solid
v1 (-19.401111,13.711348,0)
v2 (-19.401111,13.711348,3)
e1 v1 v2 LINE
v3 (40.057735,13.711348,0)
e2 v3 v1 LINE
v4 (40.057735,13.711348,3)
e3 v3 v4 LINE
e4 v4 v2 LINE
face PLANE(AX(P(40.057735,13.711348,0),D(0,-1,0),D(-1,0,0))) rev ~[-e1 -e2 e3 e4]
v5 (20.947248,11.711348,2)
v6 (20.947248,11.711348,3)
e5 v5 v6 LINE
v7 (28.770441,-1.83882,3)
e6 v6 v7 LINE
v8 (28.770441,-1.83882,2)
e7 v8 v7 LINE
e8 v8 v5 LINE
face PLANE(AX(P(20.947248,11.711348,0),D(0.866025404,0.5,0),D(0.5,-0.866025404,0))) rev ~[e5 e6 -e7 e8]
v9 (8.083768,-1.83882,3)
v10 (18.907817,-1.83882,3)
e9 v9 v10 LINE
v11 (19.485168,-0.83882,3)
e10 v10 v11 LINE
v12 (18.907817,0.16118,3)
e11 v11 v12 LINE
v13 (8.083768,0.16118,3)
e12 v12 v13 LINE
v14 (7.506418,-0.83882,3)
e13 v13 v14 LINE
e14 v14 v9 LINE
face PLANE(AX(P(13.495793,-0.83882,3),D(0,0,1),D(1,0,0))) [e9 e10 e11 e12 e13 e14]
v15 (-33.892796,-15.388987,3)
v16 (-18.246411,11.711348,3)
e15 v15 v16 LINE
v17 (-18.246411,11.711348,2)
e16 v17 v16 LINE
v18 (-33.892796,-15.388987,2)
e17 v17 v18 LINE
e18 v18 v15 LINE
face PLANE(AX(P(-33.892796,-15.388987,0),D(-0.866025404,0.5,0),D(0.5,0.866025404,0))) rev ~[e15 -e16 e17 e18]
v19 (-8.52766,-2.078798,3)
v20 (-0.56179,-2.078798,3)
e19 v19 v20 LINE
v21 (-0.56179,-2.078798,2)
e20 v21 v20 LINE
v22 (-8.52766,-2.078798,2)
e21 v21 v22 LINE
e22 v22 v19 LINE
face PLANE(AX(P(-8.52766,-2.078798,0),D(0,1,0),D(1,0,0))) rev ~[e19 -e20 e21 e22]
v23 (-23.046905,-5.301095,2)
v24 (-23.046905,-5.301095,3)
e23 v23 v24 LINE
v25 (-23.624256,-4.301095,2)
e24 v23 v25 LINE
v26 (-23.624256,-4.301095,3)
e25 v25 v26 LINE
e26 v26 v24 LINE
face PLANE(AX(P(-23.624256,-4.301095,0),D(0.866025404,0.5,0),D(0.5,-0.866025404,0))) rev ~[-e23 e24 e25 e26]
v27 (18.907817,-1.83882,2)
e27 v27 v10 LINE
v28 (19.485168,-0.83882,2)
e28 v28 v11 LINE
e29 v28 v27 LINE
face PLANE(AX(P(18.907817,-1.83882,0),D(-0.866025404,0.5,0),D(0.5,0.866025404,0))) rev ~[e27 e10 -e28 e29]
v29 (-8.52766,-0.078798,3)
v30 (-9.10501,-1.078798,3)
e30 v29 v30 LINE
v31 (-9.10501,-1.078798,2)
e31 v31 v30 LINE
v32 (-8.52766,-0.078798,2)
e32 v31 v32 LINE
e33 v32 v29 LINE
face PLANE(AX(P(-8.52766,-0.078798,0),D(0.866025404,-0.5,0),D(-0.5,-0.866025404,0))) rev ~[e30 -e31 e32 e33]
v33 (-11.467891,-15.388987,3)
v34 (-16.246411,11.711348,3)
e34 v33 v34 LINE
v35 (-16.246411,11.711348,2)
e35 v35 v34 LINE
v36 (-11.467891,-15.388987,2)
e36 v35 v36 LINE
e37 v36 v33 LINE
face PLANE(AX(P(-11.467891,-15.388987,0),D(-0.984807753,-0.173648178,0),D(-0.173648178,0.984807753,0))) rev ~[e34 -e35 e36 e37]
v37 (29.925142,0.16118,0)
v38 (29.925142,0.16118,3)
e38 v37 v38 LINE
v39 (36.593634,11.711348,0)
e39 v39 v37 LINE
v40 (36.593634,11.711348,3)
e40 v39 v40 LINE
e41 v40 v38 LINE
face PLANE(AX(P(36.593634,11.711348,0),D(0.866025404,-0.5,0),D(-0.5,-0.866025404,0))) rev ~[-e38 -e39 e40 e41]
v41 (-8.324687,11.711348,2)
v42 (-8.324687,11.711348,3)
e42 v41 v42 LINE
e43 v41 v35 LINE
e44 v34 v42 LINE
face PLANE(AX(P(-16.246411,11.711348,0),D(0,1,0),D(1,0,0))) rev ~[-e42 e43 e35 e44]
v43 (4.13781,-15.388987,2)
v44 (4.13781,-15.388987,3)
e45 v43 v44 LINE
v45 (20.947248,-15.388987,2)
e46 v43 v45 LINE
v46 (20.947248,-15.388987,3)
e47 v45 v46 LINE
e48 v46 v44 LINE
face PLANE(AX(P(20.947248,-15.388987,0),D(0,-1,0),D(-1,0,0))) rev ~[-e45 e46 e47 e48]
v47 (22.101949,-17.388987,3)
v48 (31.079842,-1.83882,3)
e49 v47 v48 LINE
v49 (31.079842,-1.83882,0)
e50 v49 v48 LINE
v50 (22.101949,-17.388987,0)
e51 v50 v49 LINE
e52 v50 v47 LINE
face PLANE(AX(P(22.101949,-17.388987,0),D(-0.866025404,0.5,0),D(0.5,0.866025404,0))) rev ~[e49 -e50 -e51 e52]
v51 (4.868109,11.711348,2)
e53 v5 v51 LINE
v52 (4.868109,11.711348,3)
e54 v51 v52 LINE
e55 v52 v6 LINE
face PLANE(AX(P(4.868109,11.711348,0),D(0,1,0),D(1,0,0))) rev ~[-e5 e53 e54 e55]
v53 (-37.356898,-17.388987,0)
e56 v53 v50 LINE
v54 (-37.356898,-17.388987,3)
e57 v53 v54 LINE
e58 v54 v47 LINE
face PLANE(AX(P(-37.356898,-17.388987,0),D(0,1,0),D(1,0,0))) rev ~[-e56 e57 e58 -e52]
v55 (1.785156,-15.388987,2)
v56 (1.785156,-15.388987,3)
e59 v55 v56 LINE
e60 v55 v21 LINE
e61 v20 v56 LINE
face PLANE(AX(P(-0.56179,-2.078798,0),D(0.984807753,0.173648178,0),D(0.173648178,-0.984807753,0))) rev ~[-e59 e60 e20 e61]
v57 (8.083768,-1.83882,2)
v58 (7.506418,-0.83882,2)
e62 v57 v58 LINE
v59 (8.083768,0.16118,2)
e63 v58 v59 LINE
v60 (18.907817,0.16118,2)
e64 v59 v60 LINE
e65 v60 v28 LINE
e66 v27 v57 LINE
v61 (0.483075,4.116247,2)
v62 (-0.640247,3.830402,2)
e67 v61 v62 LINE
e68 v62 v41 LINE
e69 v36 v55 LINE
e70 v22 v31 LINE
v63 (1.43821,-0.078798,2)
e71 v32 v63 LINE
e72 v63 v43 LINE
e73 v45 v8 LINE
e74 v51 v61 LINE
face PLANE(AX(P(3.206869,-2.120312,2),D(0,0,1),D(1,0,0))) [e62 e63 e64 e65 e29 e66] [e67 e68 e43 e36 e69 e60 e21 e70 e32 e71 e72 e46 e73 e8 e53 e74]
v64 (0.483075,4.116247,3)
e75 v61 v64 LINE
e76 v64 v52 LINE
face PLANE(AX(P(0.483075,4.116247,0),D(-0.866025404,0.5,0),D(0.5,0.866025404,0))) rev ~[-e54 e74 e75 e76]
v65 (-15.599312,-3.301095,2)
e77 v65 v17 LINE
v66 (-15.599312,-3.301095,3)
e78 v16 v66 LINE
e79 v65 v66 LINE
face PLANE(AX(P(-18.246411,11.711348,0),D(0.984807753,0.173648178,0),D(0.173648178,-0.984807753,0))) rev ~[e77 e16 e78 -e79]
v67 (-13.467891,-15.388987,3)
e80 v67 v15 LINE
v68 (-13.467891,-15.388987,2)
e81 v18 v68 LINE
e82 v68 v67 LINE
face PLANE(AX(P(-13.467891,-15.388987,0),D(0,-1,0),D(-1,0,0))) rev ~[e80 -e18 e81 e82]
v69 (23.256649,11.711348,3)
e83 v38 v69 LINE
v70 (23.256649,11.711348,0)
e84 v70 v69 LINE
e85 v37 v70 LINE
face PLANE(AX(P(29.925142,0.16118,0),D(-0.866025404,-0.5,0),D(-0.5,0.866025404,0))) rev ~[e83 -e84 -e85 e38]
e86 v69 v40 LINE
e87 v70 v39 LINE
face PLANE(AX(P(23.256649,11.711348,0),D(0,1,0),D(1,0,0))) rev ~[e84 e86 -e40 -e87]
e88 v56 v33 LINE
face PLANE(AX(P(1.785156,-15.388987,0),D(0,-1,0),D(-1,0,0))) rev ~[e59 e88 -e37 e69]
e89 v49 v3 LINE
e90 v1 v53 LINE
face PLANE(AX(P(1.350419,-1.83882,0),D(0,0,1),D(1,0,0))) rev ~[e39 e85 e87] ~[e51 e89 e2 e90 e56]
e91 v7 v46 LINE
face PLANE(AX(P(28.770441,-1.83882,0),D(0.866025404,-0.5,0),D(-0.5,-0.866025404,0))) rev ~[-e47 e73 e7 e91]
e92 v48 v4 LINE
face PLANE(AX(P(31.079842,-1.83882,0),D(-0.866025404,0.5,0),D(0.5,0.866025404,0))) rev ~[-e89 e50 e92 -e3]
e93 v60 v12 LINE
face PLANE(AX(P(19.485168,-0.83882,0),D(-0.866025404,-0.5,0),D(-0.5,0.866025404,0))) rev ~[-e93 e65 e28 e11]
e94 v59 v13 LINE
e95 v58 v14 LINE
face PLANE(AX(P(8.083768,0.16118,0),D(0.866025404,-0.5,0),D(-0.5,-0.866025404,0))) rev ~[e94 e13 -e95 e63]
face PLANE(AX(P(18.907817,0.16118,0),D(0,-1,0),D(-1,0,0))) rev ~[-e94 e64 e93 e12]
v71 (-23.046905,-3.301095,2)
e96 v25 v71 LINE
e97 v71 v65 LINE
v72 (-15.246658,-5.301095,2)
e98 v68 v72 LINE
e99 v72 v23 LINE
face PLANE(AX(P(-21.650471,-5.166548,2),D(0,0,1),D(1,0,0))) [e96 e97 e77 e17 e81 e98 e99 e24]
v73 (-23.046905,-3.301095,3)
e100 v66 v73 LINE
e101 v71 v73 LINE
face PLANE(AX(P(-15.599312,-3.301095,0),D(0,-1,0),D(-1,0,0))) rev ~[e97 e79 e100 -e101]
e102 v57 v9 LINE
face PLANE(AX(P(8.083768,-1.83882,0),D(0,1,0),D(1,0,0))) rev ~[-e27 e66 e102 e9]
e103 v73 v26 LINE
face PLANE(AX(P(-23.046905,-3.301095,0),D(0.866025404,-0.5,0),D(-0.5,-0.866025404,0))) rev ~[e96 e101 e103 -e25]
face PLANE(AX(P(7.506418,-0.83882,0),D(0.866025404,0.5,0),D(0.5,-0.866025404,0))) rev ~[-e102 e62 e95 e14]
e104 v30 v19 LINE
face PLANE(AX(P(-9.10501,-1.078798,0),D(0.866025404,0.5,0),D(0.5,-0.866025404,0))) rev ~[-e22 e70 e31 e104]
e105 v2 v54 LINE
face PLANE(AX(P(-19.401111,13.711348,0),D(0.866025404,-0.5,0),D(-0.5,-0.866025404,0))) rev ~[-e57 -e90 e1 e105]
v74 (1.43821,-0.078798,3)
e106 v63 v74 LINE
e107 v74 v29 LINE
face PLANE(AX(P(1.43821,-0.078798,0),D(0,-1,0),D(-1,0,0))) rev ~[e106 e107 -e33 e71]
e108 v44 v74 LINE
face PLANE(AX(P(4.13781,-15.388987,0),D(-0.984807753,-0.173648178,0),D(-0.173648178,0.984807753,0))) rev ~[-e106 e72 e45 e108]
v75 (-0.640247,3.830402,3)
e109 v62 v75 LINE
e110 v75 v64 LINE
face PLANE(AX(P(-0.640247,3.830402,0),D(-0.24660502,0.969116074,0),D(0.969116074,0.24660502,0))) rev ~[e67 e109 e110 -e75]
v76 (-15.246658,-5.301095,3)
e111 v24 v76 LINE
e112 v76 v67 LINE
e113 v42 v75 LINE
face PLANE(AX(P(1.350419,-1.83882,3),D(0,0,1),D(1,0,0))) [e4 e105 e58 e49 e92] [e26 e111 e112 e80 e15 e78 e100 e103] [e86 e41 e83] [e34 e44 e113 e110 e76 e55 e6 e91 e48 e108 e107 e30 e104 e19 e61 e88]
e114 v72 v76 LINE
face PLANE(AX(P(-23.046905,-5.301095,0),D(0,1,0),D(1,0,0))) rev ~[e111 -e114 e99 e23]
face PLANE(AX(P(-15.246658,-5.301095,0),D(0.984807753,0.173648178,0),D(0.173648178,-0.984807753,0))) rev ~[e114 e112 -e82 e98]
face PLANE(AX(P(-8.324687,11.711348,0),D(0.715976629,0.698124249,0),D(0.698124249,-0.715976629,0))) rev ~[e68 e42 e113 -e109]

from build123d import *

# Parameters (mm, degrees)
F1_DEPTH = 2
F2_DEPTH = 3


with BuildPart() as f1:
    # F0 (on Top) → F1 (new body)
    with BuildSketch(Plane.XY):
        Polygon((-18.2464108846, 11.7113475275), (-33.8927962614, -15.3889868999), (-13.4678907388, -15.3889868999), (-15.2466582433, -5.3010950903), (-23.0469053902, -5.3010950903), (-23.6242556594, -4.3010950903), (-23.0469053902, -3.3010950903), (-15.5993122047, -3.3010950903), align=None)
    extrude(amount=F1_DEPTH)



with BuildPart() as f1b:
    # F0 (on Top) → F1, piece 2 (new body)
    with BuildSketch(Plane.XY):
        Polygon((-16.2464108846, 11.7113475275), (-11.4678907388, -15.3889868999), (-0.5617896535, -15.3889868999), (1.4382103465, -15.3889868999), (1.7851558166, -15.3889868999), (-0.5617896535, -2.078797724), (-8.5276595022, -2.078797724), (-9.1050097714, -1.078797724), (-8.5276595022, -0.078797724), (1.4382103465, -0.078797724), (4.137809778, -15.3889868999), (20.9472483989, -15.3889868999), (28.7704410873, -1.8388196862), (20.9472483989, 11.7113475275), (4.8681087356, 11.7113475275), (0.4830753681, 4.1162469421), (-0.6402473631, 3.8304019006), (-8.3246870782, 11.7113475275), align=None)
        Polygon((19.4851677419, -0.8388196862), (18.9078174727, -1.8388196862), (8.0837683482, -1.8388196862), (7.5064180791, -0.8388196862), (8.0837683482, 0.1611803138), (18.9078174727, 0.1611803138), align=None, mode=Mode.SUBTRACT)
    extrude(amount=F1_DEPTH)


with BuildPart() as f1_1:
    add(f1.part)

    add(f1b.part)  # F2 merges F1b
    # F0 (on Top) → F2 (join)
    with BuildSketch(Plane.XY):
        Polygon((22.1019489373, 13.7113475275), (-19.401111423, 13.7113475275), (-37.3568978765, -17.3889868999), (-13.9558746851, -17.3889868999), (22.1019489373, -17.3889868999), (31.079842164, -1.8388196862), (40.0577353908, 13.7113475275), align=None)
        Polygon((-13.4678907388, -15.3889868999), (-33.8927962614, -15.3889868999), (-18.2464108846, 11.7113475275), (-16.2464108846, 11.7113475275), (-8.3246870782, 11.7113475275), (-5.5734554462, 11.7113475275), (4.8681087356, 11.7113475275), (20.9472483989, 11.7113475275), (28.7704410873, -1.8388196862), (20.9472483989, -15.3889868999), (4.137809778, -15.3889868999), (1.7851558166, -15.3889868999), (1.4382103465, -15.3889868999), (-0.5617896535, -15.3889868999), (-11.4678907388, -15.3889868999), align=None, mode=Mode.SUBTRACT)
        Polygon((36.5936337757, 11.7113475275), (29.9251416257, 0.1611803138), (23.2566494757, 11.7113475275), align=None, mode=Mode.SUBTRACT)
        Polygon((-23.0469053902, -5.3010950903), (-15.2466582433, -5.3010950903), (-15.5993122047, -3.3010950903), (-23.0469053902, -3.3010950903), (-23.6242556594, -4.3010950903), align=None)
        Polygon((-15.2466582433, -5.3010950903), (-13.4678907388, -15.3889868999), (-11.4678907388, -15.3889868999), (-16.2464108846, 11.7113475275), (-18.2464108846, 11.7113475275), (-15.5993122047, -3.3010950903), align=None)
        Polygon((-0.5617896535, -2.078797724), (1.7851558166, -15.3889868999), (4.137809778, -15.3889868999), (1.4382103465, -0.078797724), (-8.5276595022, -0.078797724), (-9.1050097714, -1.078797724), (-8.5276595022, -2.078797724), align=None)
        Polygon((-5.5734554462, 11.7113475275), (-8.3246870782, 11.7113475275), (-0.6402473631, 3.8304019006), (0.4830753681, 4.1162469421), (0.7917058952, 5.2266503978), align=None)
        Polygon((4.8681087356, 11.7113475275), (-5.5734554462, 11.7113475275), (0.7917058952, 5.2266503978), (0.4830753681, 4.1162469421), align=None)
        Polygon((8.0837683482, -1.8388196862), (18.9078174727, -1.8388196862), (19.4851677419, -0.8388196862), (18.9078174727, 0.1611803138), (8.0837683482, 0.1611803138), (7.5064180791, -0.8388196862), align=None)
    extrude(amount=F2_DEPTH)


solid = f1_1.part
